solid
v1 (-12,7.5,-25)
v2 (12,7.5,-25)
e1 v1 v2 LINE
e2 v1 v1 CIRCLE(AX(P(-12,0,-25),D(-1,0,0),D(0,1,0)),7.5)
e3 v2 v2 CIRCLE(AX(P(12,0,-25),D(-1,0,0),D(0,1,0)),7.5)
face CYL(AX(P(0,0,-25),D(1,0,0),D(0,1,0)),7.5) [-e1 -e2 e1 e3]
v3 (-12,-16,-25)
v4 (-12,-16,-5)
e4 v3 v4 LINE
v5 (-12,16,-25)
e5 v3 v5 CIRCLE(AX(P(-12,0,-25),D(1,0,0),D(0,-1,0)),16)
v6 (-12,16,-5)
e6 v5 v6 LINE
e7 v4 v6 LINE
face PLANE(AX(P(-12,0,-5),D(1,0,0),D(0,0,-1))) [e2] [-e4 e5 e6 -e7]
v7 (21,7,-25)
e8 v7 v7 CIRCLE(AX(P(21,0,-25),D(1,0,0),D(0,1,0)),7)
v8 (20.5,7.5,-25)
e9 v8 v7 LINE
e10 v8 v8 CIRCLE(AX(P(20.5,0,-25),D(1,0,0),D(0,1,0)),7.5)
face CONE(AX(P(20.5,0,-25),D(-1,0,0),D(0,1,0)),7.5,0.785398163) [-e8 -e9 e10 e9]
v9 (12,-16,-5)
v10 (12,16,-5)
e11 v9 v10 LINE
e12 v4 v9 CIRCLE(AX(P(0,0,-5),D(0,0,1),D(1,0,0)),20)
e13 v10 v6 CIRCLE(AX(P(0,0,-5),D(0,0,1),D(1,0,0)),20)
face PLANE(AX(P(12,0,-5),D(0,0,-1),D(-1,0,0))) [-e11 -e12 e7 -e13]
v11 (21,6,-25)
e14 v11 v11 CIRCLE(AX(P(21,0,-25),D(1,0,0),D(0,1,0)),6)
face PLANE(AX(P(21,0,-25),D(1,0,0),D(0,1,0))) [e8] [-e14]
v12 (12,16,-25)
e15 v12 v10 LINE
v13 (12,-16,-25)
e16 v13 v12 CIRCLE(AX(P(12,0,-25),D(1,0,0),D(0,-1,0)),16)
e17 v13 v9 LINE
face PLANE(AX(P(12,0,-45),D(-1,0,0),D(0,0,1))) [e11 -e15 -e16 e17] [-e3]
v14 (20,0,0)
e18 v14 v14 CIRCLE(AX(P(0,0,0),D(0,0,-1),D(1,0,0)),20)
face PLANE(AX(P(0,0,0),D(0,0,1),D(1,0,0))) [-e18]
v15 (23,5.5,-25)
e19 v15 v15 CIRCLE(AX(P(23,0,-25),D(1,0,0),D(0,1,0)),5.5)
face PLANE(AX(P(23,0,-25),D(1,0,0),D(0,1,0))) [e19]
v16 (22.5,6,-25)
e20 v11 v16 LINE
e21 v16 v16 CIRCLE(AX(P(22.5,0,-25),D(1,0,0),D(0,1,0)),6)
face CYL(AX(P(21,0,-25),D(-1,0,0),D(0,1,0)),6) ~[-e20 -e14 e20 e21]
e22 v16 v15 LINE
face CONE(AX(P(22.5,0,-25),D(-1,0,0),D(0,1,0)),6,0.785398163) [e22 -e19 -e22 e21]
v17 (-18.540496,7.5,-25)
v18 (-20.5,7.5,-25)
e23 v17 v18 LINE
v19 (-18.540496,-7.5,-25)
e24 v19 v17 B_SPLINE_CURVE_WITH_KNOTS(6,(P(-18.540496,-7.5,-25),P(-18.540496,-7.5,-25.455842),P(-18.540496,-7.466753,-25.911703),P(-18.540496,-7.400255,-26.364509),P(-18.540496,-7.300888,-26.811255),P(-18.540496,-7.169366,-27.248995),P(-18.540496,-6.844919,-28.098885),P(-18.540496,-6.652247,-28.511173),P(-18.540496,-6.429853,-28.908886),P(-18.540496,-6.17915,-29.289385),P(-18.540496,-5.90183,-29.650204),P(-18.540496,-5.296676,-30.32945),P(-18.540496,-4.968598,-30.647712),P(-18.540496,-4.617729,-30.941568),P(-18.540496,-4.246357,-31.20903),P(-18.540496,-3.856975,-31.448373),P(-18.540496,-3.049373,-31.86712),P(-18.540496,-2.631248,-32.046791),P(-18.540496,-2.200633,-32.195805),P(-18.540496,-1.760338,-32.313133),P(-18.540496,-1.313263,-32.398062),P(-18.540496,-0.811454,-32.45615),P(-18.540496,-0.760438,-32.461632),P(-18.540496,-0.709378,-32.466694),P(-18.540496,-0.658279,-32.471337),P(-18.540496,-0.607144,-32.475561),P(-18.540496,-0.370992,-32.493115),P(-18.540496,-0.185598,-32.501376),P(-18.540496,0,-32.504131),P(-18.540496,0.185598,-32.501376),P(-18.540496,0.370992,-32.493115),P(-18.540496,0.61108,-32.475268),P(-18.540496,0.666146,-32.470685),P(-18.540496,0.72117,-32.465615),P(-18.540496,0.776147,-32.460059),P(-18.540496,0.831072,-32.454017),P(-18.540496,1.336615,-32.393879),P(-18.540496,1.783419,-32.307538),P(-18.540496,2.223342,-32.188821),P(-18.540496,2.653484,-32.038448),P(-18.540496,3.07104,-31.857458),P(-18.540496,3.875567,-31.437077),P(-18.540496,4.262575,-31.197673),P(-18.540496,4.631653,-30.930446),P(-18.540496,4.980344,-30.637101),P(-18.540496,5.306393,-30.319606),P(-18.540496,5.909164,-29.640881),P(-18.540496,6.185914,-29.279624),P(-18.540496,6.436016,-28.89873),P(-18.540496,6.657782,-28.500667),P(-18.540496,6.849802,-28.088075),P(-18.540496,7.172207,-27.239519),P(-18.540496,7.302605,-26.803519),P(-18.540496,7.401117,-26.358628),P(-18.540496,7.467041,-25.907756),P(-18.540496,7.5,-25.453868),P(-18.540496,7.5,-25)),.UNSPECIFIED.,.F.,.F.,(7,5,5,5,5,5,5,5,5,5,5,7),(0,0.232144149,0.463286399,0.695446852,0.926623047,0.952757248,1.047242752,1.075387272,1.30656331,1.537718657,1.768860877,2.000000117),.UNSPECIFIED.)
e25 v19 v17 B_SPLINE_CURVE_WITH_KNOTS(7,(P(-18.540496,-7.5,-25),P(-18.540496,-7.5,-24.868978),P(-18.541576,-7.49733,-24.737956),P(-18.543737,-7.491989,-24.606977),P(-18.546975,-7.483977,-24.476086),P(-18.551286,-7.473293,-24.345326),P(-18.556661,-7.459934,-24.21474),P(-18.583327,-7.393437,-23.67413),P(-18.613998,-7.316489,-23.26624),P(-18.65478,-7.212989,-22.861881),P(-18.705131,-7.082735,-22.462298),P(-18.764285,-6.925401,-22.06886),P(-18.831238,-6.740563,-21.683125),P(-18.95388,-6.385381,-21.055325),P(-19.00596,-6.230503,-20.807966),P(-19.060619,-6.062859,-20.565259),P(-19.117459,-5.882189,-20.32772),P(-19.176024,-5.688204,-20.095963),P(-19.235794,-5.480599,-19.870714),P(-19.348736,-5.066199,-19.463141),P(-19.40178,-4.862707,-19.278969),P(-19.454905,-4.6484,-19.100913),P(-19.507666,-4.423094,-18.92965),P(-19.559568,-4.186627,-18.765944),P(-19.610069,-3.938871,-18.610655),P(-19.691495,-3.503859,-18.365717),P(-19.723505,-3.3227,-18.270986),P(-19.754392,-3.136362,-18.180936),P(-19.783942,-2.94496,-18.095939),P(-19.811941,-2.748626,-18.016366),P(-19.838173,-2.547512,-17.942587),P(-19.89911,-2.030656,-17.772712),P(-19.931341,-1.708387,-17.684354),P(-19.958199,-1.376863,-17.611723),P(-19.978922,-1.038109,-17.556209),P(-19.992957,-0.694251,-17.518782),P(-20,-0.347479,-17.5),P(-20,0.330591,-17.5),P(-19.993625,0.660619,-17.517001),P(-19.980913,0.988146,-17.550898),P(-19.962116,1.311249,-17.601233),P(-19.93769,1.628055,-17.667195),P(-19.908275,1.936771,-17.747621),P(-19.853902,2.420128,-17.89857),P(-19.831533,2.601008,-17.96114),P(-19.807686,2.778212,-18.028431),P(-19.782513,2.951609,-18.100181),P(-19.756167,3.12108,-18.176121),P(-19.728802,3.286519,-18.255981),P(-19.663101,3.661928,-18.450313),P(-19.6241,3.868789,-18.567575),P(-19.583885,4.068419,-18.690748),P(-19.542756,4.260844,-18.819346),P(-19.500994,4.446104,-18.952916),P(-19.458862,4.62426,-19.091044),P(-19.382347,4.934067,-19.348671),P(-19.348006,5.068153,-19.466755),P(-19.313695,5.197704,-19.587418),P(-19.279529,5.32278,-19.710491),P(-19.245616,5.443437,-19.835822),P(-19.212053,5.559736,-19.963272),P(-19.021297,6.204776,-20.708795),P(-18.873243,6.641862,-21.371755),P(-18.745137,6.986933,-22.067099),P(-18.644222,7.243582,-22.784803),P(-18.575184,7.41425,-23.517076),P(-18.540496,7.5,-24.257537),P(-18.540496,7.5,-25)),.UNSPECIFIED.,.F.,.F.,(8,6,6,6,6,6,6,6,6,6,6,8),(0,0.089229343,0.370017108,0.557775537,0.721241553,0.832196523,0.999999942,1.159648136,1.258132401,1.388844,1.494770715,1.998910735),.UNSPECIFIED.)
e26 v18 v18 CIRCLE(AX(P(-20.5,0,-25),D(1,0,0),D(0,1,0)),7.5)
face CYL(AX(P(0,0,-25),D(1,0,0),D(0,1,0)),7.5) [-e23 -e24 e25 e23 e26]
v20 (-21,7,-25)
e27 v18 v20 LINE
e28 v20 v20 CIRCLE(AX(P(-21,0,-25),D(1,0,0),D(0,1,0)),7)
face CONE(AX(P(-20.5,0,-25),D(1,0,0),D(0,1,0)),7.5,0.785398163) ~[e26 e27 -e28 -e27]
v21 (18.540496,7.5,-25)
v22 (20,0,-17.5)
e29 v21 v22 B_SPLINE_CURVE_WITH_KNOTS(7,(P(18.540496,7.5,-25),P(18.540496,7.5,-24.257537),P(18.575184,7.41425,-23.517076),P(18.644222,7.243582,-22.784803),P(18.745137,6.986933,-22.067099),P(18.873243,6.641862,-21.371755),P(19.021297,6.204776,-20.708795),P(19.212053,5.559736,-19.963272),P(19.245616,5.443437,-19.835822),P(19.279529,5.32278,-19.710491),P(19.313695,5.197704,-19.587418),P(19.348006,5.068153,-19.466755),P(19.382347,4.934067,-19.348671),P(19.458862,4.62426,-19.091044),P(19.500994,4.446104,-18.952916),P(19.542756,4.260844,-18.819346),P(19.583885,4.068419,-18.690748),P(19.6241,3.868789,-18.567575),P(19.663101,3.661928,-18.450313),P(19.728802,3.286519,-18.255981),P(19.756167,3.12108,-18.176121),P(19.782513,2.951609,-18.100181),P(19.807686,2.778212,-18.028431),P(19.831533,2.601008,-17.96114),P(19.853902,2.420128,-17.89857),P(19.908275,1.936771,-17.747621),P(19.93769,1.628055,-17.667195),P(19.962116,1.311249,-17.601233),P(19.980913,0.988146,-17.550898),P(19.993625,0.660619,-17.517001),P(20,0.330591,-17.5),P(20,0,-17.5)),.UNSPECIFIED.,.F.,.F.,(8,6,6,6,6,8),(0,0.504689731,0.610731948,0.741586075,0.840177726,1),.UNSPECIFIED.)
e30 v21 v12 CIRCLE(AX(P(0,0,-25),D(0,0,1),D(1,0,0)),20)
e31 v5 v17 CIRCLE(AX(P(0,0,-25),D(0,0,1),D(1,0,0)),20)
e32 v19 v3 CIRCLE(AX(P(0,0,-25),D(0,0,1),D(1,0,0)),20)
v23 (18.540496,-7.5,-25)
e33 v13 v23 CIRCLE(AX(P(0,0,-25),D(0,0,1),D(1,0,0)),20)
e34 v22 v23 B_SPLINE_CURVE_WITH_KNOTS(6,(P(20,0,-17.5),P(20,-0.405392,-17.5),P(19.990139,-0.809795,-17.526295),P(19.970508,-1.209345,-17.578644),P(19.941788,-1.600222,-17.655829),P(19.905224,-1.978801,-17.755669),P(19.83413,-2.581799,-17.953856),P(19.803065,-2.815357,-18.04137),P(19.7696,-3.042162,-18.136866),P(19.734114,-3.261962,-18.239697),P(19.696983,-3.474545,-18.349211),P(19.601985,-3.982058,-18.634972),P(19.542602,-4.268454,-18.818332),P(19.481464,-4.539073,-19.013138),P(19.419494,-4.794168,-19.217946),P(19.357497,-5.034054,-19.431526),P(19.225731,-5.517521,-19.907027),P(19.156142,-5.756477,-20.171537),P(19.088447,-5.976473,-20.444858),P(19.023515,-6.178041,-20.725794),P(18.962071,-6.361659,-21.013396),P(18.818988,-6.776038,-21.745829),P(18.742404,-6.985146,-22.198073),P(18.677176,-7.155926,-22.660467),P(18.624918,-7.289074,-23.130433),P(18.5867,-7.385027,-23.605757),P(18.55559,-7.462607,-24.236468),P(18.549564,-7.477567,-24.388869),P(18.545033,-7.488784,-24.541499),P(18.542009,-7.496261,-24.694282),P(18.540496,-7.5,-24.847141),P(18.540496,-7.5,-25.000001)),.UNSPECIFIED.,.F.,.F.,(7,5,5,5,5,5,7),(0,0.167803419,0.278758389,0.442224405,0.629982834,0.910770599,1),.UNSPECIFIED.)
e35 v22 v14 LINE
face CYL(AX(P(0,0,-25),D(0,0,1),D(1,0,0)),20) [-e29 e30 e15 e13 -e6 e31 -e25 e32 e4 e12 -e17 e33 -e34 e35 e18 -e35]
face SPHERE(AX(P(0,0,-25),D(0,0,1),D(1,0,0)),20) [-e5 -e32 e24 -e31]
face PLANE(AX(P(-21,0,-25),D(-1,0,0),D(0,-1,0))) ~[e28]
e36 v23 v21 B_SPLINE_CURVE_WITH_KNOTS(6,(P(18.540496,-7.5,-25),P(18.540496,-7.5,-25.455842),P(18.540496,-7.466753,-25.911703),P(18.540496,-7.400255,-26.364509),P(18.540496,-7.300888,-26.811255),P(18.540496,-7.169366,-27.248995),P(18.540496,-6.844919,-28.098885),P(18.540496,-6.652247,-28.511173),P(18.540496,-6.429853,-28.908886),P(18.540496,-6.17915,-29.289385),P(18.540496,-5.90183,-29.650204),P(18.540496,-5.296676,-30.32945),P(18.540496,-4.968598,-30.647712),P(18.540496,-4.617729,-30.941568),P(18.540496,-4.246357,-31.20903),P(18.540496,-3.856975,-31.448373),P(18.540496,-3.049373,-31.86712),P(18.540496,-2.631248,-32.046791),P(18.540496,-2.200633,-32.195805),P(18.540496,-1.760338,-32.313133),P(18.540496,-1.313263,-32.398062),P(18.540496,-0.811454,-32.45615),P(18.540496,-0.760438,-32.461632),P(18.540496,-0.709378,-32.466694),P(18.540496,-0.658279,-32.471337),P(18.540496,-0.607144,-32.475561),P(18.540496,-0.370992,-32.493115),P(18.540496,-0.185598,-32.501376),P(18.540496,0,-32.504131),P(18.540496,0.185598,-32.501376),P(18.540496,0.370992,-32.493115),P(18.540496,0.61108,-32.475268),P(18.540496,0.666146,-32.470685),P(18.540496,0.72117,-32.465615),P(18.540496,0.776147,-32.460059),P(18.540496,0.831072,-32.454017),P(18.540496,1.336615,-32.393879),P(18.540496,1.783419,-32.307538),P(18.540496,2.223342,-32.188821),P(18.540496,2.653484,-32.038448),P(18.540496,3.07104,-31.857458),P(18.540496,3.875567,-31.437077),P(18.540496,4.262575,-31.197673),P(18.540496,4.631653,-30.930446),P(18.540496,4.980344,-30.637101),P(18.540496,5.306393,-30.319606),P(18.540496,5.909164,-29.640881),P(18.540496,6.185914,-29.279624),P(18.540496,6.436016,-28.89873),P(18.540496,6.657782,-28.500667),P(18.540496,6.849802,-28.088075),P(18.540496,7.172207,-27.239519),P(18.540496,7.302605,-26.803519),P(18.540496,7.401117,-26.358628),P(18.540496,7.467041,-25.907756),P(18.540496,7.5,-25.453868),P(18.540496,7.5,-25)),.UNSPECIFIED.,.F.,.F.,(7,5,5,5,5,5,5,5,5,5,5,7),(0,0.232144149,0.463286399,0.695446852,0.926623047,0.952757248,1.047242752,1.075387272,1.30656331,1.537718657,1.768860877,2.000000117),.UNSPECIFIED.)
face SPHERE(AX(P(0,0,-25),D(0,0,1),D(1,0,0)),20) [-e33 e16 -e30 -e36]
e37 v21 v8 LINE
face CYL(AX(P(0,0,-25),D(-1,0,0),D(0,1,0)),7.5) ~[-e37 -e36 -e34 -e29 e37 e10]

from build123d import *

# Parameters (mm, degrees)
F3_DEPTH      = 20.001
F3_DEPTH_BACK = 20.001
F4_R          = 7.5
F5_DEPTH      = 21
F7_R          = 6
F8_DEPTH      = 2
F8_DEPTH_BACK = 9
F9_SIZE       = 0.5


with BuildPart() as f1:
    # F0 (on Front) → F1 (revolve)
    with BuildSketch(Plane.XZ):
        with BuildLine():
            Line((20, 0), (0, 0))
            Line((0, 0), (0, -45))
            ThreePointArc((0, -45), (14.1421356237, -39.1421356237), (20, -25))
            Line((20, -25), (20, 0))
        make_face()
    revolve(axis=Axis((0, 0, 4.3592059342), (0, 0, 1)))

    # F2 (on Front) → F3 (cut, two sides)
    with BuildSketch(Plane.XZ) as f3_sk:
        Polygon((0, -45), (12, -45), (12, -5), (0, -5), (-12, -5), (-12, -45), align=None)
    extrude(amount=-F3_DEPTH, mode=Mode.SUBTRACT)
    extrude(f3_sk.sketch, amount=F3_DEPTH_BACK, mode=Mode.SUBTRACT)

    # F4 (on Right) → F5 (join, through all)
    with BuildSketch(Plane.YZ):
        with Locations((0, -25)):
            Circle(F4_R)
    extrude(amount=F5_DEPTH)

    # F6: F1 across plane


with BuildPart() as f1_1:
    add(f1.part)
    add(f1.part.mirror(Plane.YZ))

    # F7 (on face) → F8 (join, two sides)
    with BuildSketch(Plane.YZ.offset(21)) as f8_sk:
        with Locations((0, -25)):
            Circle(F7_R)
    extrude(amount=F8_DEPTH)
    extrude(f8_sk.sketch, amount=-F8_DEPTH_BACK)

    # F9
    f9_edges = [f1_1.edges().sort_by_distance(p)[0] for p in [
        (23, -6, -25),
        (-21, -7.5, -25),
        (21, -7.5, -25),
    ]]
    chamfer(f9_edges, length=F9_SIZE)


solid = f1_1.part
